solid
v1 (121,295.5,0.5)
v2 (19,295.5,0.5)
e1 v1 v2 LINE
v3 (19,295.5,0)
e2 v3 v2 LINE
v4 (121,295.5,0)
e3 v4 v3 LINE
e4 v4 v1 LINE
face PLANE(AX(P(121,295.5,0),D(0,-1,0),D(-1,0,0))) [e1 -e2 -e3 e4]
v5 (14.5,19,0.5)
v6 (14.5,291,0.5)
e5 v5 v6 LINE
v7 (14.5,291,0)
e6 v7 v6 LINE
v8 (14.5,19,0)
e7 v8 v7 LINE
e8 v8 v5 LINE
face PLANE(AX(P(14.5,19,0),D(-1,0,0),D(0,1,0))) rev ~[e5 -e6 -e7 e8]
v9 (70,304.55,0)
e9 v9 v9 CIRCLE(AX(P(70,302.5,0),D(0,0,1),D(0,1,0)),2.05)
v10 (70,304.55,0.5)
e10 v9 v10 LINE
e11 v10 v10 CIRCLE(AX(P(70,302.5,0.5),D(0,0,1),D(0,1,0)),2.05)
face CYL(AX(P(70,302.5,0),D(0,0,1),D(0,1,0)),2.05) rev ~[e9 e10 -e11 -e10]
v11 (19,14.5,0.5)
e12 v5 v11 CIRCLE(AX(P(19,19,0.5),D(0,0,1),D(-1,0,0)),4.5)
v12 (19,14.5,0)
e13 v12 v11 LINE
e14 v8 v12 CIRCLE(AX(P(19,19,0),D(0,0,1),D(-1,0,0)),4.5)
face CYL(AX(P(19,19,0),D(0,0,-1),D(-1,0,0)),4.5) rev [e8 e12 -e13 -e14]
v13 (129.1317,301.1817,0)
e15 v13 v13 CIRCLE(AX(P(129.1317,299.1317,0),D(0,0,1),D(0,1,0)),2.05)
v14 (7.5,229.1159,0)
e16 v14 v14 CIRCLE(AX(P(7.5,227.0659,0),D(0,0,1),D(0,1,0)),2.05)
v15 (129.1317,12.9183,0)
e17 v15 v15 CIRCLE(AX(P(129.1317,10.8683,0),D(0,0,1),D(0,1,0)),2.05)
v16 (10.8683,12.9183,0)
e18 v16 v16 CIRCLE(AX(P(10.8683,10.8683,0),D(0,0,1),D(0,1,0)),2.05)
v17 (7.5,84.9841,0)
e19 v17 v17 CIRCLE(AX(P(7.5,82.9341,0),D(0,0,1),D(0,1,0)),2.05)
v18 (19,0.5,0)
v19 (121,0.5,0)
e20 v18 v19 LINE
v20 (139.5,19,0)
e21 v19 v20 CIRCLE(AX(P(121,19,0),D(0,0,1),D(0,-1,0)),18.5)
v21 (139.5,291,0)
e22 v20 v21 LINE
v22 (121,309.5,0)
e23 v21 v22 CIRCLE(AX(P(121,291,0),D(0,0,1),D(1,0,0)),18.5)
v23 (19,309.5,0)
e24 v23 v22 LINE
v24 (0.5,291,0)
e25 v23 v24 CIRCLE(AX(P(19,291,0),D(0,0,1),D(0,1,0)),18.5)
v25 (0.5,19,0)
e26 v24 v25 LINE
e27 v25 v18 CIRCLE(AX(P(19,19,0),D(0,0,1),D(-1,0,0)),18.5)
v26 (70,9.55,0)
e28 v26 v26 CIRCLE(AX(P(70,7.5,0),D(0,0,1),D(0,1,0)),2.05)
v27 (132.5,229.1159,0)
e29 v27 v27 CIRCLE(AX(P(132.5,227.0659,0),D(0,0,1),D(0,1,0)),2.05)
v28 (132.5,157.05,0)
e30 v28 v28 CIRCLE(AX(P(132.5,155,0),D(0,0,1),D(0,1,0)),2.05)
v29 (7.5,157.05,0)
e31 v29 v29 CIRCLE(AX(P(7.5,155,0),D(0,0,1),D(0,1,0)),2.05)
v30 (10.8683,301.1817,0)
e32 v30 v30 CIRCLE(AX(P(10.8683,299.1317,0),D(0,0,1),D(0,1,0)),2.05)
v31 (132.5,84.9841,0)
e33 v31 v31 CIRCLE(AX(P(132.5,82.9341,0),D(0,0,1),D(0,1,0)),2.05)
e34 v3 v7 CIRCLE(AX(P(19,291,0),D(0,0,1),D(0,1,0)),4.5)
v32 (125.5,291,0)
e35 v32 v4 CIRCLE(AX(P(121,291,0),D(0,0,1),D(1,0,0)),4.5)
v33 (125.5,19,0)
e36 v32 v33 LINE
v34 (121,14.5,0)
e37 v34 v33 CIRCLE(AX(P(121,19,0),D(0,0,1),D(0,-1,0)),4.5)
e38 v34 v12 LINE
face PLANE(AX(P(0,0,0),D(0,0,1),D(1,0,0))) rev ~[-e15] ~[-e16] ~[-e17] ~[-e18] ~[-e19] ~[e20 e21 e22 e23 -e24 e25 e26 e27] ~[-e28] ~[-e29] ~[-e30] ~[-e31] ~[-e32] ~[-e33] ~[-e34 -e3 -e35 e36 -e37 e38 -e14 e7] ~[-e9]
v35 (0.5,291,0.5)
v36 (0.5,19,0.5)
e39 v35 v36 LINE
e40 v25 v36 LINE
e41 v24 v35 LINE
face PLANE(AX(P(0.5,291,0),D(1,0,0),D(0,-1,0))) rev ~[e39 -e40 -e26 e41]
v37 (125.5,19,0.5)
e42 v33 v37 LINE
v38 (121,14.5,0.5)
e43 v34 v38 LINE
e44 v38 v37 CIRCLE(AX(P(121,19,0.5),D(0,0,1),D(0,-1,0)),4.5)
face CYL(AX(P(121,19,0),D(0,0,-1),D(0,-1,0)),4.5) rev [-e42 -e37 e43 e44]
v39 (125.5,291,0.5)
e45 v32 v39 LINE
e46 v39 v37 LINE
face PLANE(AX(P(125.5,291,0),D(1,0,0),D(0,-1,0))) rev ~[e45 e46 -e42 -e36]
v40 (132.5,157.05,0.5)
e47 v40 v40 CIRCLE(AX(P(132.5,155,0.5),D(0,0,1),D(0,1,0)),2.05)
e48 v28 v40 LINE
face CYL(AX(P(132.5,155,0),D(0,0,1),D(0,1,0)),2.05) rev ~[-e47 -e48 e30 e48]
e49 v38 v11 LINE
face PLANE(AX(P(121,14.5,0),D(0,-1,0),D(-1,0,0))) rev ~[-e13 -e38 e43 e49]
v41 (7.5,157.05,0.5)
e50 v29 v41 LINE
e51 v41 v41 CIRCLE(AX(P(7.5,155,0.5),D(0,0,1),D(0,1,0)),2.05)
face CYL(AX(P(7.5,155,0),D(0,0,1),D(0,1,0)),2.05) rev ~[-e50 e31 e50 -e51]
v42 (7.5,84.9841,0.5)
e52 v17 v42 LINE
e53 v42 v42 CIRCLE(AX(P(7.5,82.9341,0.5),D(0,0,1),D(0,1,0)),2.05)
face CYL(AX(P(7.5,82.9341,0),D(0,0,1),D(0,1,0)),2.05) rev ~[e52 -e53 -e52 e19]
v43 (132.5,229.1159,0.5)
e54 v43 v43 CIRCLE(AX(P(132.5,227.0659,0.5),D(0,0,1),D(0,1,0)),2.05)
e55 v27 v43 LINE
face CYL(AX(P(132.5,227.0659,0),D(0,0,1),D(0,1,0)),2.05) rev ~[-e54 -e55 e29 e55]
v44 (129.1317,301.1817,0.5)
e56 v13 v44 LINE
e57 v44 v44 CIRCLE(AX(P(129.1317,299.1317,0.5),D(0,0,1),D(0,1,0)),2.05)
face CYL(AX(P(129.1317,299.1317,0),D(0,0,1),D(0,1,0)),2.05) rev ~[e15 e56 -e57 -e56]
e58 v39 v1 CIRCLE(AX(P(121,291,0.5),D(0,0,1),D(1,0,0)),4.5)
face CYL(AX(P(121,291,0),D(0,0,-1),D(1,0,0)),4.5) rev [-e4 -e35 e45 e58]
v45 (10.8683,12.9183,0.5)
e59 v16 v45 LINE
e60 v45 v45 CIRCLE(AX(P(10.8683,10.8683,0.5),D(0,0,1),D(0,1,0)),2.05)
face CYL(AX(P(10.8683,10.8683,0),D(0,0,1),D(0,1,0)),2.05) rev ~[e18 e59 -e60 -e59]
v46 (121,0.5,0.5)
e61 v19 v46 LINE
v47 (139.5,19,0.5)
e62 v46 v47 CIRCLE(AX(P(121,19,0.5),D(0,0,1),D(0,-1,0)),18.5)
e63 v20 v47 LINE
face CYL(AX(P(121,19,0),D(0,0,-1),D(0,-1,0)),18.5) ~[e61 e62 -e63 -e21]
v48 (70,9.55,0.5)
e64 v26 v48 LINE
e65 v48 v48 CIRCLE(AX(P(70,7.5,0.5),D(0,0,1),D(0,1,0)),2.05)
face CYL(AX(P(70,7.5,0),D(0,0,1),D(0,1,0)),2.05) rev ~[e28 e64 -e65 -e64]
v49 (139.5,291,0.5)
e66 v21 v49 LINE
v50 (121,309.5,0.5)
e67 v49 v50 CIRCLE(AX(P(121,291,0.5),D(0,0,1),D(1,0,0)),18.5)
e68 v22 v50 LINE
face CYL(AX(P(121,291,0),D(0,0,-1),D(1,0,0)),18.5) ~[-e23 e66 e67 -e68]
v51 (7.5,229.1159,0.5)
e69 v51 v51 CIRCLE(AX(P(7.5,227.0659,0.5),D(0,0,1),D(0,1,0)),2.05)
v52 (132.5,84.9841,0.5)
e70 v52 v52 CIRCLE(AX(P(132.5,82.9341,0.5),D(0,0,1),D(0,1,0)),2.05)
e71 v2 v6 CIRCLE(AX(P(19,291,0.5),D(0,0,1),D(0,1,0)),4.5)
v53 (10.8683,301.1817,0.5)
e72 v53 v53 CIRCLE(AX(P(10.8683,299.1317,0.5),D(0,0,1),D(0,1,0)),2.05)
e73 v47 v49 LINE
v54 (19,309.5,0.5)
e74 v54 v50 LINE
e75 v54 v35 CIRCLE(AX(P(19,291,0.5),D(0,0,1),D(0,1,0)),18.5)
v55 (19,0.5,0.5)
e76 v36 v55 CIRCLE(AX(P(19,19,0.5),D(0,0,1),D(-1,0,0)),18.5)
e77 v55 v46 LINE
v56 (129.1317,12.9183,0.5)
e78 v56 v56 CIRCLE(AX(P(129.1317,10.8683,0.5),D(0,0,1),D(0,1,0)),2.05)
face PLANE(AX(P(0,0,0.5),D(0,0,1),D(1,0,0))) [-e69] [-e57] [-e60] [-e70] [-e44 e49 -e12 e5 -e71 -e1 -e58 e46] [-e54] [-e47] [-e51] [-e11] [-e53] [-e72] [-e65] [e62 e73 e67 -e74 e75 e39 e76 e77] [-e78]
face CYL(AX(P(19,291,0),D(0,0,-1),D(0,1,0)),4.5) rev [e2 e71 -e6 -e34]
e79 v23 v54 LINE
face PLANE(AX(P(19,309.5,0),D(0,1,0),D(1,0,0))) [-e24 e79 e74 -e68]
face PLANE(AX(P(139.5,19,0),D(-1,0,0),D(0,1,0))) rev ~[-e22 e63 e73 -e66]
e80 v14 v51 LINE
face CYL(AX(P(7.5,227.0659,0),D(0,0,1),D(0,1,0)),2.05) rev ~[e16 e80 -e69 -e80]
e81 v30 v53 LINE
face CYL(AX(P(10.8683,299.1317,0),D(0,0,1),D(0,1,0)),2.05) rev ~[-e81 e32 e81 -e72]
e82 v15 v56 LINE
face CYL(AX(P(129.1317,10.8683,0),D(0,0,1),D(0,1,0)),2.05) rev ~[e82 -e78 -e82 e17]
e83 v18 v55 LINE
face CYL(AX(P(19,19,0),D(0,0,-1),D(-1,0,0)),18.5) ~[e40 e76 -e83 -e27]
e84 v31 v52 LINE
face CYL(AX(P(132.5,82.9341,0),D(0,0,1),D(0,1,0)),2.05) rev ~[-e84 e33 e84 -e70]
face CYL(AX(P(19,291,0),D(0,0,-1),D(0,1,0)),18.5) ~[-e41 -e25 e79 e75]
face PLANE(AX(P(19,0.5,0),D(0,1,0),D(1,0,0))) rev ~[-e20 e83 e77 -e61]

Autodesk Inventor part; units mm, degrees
ref_plane "YZ Plane" through (0, 0, 0) normal (1, 0, 0) x (0, 1, 0)
ref_plane "XZ Plane" through (0, 0, 0) normal (0, 1, 0) x (-1, 0, 0)
ref_plane "XY Plane" through (0, 0, 0) normal (0, 0, 1) x (1, 0, 0)
sketch "Sketch1" plane through (0, 0, 0) normal (0, 0, 1) x (1, 0, 0)
  line L0 (0, 0) -> (140, 0) construction
  line L1 (140, 0) -> (140, 310) construction
  line L2 (140, 310) -> (0, 310) construction
  line L3 (0, 310) -> (0, 0) construction
  line L4 (15, 295) -> (125, 295) construction
  line L5 (125, 295) -> (125, 15) construction
  line L6 (125, 15) -> (15, 15) construction
  line L7 (15, 15) -> (15, 295) construction
  line L8 (15, 295) -> (125, 295) construction
  line L9 (70, 314.0975) -> (70, 322.6254) construction
  line L10 (15, 295) -> (15, 269.8596) construction
  line L11 (125, 295) -> (125, 292.6022) construction
  line L12 (0, 165.5) -> (-18, 165.5) construction
  line L13 (-18, 165.5) -> (-18, 185.5) construction
  line L14 (-18, 185.5) -> (0, 185.5) construction
  line L15 (0, 185.5) -> (0, 165.5) construction
  line L16 (-24.3067, 155) -> (-34.4998, 155) construction
  circle A0 centre (-9, 175.5) radius 3 construction
  line L17 (-18, 185.5) -> (0, 205.5) construction
  line L18 (0, 144.5) -> (-18, 144.5) construction
  line L19 (-18, 144.5) -> (-18, 124.5) construction
  circle A1 centre (-9, 134.5) radius 3 construction
  line L20 (-18, 124.5) -> (0, 104.5) construction
  line L21 (140, 165.5) -> (158, 165.5) construction
  line L22 (158, 165.5) -> (158, 185.5) construction
  circle A2 centre (149, 175.5) radius 3 construction
  line L23 (158, 185.5) -> (140, 205.5) construction
  line L24 (158, 144.5) -> (158, 124.5) construction
  line L25 (140, 144.5) -> (158, 144.5) construction
  circle A3 centre (149, 134.5) radius 3 construction
  line L26 (158, 124.5) -> (140, 104.5) construction
  line L27 (0, 300.2843) -> (9.7157, 310) construction
  line L28 (140, 300.2843) -> (130.2843, 310) construction
  line L29 (0, 9.7157) -> (9.7157, 0) construction
  line L30 (140, 9.7157) -> (130.2843, 0) construction
  line L31 (70, 295) -> (70, 310) construction
  line L32 (0, 155) -> (15, 155) construction
  line L33 (23.9173, 286.0827) -> (15, 295) construction
  line L34 (16.5096, 292.7523) -> (17.2477, 293.4904) construction
  line L35 (23.9173, 286.0827) -> (16.8787, 293.1213) construction
  line L36 (123.4904, 292.7523) -> (122.7523, 293.4904) construction
  line L37 (15, 17.2679) -> (15, 136.2679) construction
  arc A4 (14, 16.2679) -> (15, 17.2679) centre (14, 17.2679) ccw construction
  line L38 (14, 16.2679) -> (12, 16.2679) construction
  arc A5 (17, 17.2679) -> (18, 16.2679) centre (18, 17.2679) ccw construction
  spline S0 degree 3 poles (123.4904, 292.7523) (126.7806, 289.462) (122.6845, 284.0803) (122.5, 267.9145) knots 0 0 0 0 1 1 1 1 construction
  line L39 (15.2393, 288.9289) -> (15.2393, 218.384) construction
  line L40 (125, 148.5289) -> (125, 140.8711) construction
  line L41 (-110.1015, 148.4668) -> (-137.337, 121.2312) construction
  line L42 (-137.337, 121.2312) -> (-99.9418, 121.2312) construction
  line L43 (209.7417, 198.7679) -> (209.7417, 184.7679) construction
  line L44 (15, 148.5289) -> (15, 140.2675) construction
  line L45 (125, 148.5289) -> (125, 140.2675) construction
  spline S1 degree 4 poles (17.2477, 293.4904) (18.1955, 294.4381) (19.6714, 295.0826) (20.7017, 295) (21.8623, 295) knots 0 0 0 0 0 1 1 1 1 1 construction
  spline S2 degree 3 poles (122.7523, 293.4904) (121.4886, 294.7541) (119.4432, 295.1927) (118.1377, 295) knots 0 0 0 0 1 1 1 1 construction
  line L46 (118.1377, 295) -> (21.8623, 295) construction
  line L47 (16.8787, 293.1213) -> (23.2316, 286.7684) construction
  arc A6 (19, 310) -> (0, 291) centre (19, 291) ccw construction
  arc A7 (19, 295) -> (15, 291) centre (19, 291) ccw construction
  line L48 (19, 291) -> (10, 291) construction
  line L49 (19, 291) -> (19, 300) construction
  line L50 (16.1716, 293.8284) -> (5.565, 304.435) construction
  circle A8 centre (10.8683, 299.1317) radius 2 construction
  line L51 (9.8231, 300.915) -> (9.085, 300.1769) construction
  line L52 (11.9134, 297.3485) -> (12.6515, 298.0866) construction
  circle A9 centre (70, 302.5) radius 2 construction
  circle A10 centre (7.5, 155) radius 2 construction
  circle A11 centre (7.5, 227.0659) radius 2 construction
  line L53 (7.5, 155) -> (7.5, 227.0659) construction
  line L54 (7.5, 227.0659) -> (7.5, 299.1317) construction
  arc A12 (140, 291) -> (121, 310) centre (121, 291) ccw construction
  arc A13 (125, 291) -> (121, 295) centre (121, 291) ccw construction
  circle A14 centre (129.1317, 299.1317) radius 2 construction
  circle A15 centre (132.5, 155) radius 2 construction
  circle A16 centre (132.5, 227.0659) radius 2 construction
  circle A17 centre (10.8683, 10.8683) radius 2 construction
  circle A18 centre (70, 7.5) radius 2 construction
  circle A19 centre (7.5, 82.9341) radius 2 construction
  circle A20 centre (132.5, 82.9341) radius 2 construction
  circle A21 centre (129.1317, 10.8683) radius 2 construction
  arc A22 (0, 19) -> (19, 0) centre (19, 19) ccw construction
  arc A23 (15, 19) -> (19, 15) centre (19, 19) ccw construction
  arc A24 (121, 0) -> (140, 19) centre (121, 19) ccw construction
  arc A25 (121, 15) -> (125, 19) centre (121, 19) ccw construction
  circle A26 centre (10.8683, 299.1317) radius 7.5 construction
  line L55 (4.4716, 303.3416) -> (6.8718, 305.7419) construction
  line L56 (15, 140.2675) -> (15, 136.2679) construction
  line L57 (125, 138.6822) -> (125, 140.2675) construction
  line L58 (15, 138.6822) -> (15, 140.2675) construction
  line L59 (19, 15) -> (121, 15) construction
  line L60 (121, 0) -> (19, 0) construction
  line L61 (15, 291) -> (15, 19) construction
  line L62 (0, 19) -> (0, 291) construction
  line L63 (125, 291) -> (125, 19) construction
  line L64 (140, 19) -> (140, 291) construction
  line L65 (19, 295) -> (121, 295) construction
  line L66 (121, 310) -> (19, 310) construction
  arc A27 (132.5, 291) -> (121, 302.5) centre (121, 291) ccw construction
  arc A28 (139.5, 291) -> (121, 309.5) centre (121, 291) ccw
  arc A29 (125.5, 291) -> (121, 295.5) centre (121, 291) ccw
  arc A30 (125.5, 291) -> (139.5, 291) centre (132.5, 291) ccw construction
  arc A31 (121, 309.5) -> (121, 295.5) centre (121, 302.5) ccw construction
  arc A32 (19, 309.5) -> (0.5, 291) centre (19, 291) ccw
  arc A33 (19, 295.5) -> (14.5, 291) centre (19, 291) ccw
  arc A34 (121, 0.5) -> (139.5, 19) centre (121, 19) ccw
  arc A35 (121, 14.5) -> (125.5, 19) centre (121, 19) ccw
  arc A36 (14.5, 19) -> (19, 14.5) centre (19, 19) ccw
  arc A37 (0.5, 19) -> (19, 0.5) centre (19, 19) ccw
  line L67 (139.5, 19) -> (139.5, 291)
  line L68 (125.5, 291) -> (125.5, 19)
  line L69 (121, 14.5) -> (19, 14.5)
  line L70 (19, 0.5) -> (121, 0.5)
  line L71 (14.5, 19) -> (14.5, 291)
  line L72 (0.5, 291) -> (0.5, 19)
  line L73 (121, 295.5) -> (19, 295.5)
  line L74 (19, 309.5) -> (121, 309.5)
  point P0 (70, 318.3615)
  point P1 (-29.4032, 155)
  point P2 (-18, 175.5)
  point P3 (-9, 185.5)
  point P4 (124.7607, 288.9289)
  point P5 (209.7417, 191.7679)
  point P6 (19.6961, 294.835)
  point P7 (120.3039, 294.835)
  point P8 (9.4541, 300.5459)
  point P9 (12.2825, 297.7175)
  dimension "d163" = 4
  dimension "d0" = 140
  dimension "d1" = 310
  dimension "d2" = 15
  dimension "d85" = 18
  dimension "d86" = 20
  dimension "d87" = 10.5
  dimension "d88" = 6
  dimension "d89" = 20
  dimension "d114" = 135
  dimension "d126" = 1
  dimension "d128" = 2
  dimension "d152" = 45
  dimension "d158" = 45
  dimension "d161" = 4
  dimension "d164" = 5.5
  dimension "d168" = 15
  dimension "d169" = 1
  dimension "d170" = 1
  dimension "d171" = 1
  dimension "expansion" = 0.5
  dimension "d201" = 0.5
extrude "Extrusion7" add sketch "Sketch1" along normal blind 0.5
hole "Hole1" at (129.1317, 299.1317, 0) at (70, 302.5, 0) at (10.8683, 299.1317, 0) at (7.5, 227.0659, 0) at (132.5, 227.0659, 0) at (132.5, 155, 0) at (7.5, 155, 0) at (132.5, 82.9341, 0) at (129.1317, 10.8683, 0) at (70, 7.5, 0) at (10.8683, 10.8683, 0) at (7.5, 82.9341, 0) direction (0, 0, 1) diameter 4.1 end through all
properties part number "GB-gasket"
